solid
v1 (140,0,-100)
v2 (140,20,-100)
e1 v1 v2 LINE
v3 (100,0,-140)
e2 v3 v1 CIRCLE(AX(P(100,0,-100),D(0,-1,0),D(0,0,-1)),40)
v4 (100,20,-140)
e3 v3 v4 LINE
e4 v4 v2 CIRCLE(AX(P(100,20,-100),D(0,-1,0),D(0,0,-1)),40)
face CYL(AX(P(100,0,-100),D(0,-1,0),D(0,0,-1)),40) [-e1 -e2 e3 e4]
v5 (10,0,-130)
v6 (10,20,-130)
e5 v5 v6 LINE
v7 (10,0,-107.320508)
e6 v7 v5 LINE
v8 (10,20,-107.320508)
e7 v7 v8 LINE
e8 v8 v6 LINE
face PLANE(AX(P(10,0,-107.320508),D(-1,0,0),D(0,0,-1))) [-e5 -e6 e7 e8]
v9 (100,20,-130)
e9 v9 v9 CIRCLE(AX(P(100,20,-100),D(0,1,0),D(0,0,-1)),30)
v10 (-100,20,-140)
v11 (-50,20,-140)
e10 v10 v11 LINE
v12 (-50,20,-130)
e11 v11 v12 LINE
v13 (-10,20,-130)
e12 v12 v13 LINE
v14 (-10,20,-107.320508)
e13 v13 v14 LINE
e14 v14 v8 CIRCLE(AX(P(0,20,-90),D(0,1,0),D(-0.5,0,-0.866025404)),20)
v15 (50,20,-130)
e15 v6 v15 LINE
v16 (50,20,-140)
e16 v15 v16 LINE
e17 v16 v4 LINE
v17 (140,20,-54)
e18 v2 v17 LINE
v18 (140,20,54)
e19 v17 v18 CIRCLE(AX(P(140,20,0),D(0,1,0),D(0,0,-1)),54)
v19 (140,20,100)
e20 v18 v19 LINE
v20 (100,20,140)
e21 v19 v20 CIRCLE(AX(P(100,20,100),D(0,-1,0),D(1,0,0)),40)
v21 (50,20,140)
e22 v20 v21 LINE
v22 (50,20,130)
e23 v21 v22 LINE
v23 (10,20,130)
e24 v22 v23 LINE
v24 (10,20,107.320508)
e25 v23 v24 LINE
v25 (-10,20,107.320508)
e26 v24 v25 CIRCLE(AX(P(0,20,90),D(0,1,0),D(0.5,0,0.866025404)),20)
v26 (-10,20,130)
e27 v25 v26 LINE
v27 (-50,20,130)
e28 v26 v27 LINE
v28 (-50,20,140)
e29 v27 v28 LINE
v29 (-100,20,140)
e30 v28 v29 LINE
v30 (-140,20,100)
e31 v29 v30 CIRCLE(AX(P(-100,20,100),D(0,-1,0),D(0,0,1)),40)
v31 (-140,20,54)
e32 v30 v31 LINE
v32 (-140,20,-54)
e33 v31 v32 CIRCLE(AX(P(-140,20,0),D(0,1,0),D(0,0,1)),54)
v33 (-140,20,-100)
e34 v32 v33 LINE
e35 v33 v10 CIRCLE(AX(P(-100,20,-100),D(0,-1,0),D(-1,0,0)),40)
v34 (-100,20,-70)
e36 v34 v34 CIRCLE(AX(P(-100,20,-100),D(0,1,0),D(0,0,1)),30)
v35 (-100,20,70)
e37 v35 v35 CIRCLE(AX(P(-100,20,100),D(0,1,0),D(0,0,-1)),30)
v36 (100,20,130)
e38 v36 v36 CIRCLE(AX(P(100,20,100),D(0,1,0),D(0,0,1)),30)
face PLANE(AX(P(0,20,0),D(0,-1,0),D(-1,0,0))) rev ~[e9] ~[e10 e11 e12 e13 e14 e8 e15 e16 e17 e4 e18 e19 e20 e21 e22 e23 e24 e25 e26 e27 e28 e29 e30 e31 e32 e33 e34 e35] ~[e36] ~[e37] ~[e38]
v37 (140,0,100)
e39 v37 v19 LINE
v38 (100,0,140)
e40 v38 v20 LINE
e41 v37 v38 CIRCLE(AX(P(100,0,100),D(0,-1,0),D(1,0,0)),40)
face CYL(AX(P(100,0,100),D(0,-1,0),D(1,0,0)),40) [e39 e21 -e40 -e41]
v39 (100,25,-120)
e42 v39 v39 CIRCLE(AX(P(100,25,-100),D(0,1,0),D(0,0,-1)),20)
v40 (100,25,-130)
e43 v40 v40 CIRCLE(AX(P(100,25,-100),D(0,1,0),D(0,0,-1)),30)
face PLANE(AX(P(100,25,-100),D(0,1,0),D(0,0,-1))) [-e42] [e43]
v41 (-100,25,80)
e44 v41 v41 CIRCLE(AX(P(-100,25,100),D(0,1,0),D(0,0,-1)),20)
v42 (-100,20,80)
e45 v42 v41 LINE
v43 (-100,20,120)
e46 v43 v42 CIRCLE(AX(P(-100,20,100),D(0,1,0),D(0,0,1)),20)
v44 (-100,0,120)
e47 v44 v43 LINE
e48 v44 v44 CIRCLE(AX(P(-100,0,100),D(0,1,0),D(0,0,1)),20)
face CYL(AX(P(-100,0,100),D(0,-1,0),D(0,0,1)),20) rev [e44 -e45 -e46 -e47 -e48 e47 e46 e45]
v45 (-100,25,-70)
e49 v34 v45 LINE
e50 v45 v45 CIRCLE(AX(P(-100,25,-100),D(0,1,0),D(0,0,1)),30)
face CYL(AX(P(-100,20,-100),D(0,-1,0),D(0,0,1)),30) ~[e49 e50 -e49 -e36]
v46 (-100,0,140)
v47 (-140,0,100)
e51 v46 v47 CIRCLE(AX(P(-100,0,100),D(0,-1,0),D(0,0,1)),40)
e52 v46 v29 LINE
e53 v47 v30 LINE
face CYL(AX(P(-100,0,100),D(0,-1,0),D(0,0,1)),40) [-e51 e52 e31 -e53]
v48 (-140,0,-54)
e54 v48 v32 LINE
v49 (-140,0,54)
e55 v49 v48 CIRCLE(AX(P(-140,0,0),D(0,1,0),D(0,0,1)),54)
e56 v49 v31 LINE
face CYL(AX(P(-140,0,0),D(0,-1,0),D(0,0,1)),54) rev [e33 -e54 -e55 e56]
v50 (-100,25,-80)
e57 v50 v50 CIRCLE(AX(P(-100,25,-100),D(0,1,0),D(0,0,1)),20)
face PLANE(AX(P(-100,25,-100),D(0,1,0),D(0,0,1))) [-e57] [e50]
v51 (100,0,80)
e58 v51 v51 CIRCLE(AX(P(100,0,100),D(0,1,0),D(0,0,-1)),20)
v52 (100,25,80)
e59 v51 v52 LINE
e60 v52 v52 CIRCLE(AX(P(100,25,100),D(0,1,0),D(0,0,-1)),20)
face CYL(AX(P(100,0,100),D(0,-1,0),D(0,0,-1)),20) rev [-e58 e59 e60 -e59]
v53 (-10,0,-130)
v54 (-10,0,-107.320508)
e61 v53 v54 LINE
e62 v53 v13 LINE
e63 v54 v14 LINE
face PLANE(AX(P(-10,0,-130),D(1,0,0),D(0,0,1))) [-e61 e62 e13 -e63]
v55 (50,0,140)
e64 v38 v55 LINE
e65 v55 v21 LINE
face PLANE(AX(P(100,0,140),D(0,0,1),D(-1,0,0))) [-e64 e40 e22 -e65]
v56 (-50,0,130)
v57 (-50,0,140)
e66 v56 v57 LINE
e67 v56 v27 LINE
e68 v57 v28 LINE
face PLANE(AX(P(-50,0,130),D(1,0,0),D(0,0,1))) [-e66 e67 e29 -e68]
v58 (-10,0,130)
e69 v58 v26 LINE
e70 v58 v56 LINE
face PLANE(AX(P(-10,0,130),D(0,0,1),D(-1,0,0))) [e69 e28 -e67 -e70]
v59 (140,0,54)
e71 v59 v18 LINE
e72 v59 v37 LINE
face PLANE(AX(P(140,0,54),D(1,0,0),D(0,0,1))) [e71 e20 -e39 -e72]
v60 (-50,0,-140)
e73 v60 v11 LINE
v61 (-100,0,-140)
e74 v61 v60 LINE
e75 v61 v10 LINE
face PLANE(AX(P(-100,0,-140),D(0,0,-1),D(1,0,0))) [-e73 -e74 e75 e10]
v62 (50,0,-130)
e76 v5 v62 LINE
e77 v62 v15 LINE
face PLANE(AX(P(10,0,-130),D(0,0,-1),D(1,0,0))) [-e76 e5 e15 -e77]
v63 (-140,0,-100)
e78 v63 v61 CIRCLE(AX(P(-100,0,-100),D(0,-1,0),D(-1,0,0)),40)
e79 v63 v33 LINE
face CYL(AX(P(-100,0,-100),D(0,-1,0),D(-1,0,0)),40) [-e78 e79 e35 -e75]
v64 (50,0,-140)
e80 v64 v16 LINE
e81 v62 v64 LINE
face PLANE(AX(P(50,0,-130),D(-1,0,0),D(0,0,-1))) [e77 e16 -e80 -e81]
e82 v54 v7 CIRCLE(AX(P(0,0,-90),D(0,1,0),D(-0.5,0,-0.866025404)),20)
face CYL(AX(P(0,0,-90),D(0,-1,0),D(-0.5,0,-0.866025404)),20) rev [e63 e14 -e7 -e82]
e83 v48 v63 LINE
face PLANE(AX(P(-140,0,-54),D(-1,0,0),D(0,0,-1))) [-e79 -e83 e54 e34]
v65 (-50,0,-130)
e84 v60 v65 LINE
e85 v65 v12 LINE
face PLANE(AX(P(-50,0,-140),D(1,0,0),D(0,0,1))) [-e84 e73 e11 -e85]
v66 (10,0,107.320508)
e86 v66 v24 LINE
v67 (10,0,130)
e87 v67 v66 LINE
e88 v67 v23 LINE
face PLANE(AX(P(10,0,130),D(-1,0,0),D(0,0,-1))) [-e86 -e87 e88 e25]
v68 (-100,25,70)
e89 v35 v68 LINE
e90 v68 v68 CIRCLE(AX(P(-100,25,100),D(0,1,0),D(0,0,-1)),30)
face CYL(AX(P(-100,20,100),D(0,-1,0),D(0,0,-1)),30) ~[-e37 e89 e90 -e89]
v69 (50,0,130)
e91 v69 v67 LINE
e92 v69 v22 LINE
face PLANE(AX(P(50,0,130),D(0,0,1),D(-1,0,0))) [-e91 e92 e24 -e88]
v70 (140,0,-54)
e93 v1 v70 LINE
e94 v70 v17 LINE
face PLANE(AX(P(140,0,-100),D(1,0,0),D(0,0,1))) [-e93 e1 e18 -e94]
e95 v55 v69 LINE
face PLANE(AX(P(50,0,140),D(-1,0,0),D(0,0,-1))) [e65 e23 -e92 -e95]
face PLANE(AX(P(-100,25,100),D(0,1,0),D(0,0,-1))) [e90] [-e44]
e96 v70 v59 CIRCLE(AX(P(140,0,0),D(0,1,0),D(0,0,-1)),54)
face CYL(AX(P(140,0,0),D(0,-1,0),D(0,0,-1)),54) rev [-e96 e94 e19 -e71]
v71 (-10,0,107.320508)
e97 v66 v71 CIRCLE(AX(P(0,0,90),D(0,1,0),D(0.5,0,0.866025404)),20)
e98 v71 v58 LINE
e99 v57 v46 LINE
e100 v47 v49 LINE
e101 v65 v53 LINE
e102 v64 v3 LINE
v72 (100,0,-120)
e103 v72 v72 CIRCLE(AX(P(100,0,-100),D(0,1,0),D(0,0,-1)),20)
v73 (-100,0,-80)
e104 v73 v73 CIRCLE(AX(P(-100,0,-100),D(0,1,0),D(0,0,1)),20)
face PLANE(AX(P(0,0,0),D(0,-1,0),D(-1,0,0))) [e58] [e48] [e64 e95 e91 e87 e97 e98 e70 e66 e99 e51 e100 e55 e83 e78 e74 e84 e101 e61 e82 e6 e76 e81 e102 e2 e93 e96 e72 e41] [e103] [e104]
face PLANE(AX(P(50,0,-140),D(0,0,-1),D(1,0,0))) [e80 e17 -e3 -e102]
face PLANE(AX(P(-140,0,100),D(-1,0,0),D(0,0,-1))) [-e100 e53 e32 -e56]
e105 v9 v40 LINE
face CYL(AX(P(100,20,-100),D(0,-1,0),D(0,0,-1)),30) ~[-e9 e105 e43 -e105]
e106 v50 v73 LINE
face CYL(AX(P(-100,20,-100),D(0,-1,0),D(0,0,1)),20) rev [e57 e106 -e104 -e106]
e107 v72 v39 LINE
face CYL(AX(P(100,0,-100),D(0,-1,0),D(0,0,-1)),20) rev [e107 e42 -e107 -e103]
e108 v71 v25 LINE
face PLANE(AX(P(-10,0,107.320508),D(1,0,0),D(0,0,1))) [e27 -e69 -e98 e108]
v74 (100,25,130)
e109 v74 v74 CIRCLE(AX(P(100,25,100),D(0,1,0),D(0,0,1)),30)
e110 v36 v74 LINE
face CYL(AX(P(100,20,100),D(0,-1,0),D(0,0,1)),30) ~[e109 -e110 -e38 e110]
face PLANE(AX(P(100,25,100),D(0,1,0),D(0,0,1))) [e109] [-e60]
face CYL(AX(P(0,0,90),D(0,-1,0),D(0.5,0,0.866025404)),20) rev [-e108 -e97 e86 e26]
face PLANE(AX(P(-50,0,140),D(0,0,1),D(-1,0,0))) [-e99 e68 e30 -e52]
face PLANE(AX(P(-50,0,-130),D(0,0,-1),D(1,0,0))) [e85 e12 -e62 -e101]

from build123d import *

# Parameters (mm, degrees)
SKETCH1_R           = 20
BOSS_EXTRUDE1_DEPTH = 20
SKETCH2_R           = 30
SKETCH2_R_2         = 20
BOSS_EXTRUDE2_DEPTH = 5


with BuildPart() as part:
    # Sketch1 → Boss-Extrude1 (new body)
    with BuildSketch(Plane(origin=(0, 0, 0), x_dir=(1, 0, 0), z_dir=(0, 1, 0))):
        with BuildLine():
            Line((-100, 140), (-50, 140))
            Line((-50, 140), (-50, 130))
            Line((-50, 130), (-10, 130))
            Line((-10, 130), (-10, 107.320508075))
            ThreePointArc((-10, 107.320508075), (0, 70), (10, 107.320508075))
            Line((10, 107.320508075), (10, 130))
            Line((10, 130), (50, 130))
            Line((50, 130), (50, 140))
            Line((50, 140), (100, 140))
            ThreePointArc((100, 140), (128.284271247, 128.284271247), (140, 100))
            Line((140, 100), (140, 54))
            ThreePointArc((140, 54), (86, 0), (140, -54))
            Line((140, -54), (140, -100))
            ThreePointArc((140, -100), (128.284271247, -128.284271247), (100, -140))
            Line((100, -140), (50, -140))
            Line((50, -140), (50, -130))
            Line((50, -130), (10, -130))
            Line((10, -130), (10, -107.320508076))
            ThreePointArc((10, -107.320508076), (0, -70), (-10, -107.320508076))
            Line((-10, -107.320508076), (-10, -130))
            Line((-10, -130), (-50, -130))
            Line((-50, -130), (-50, -140))
            Line((-50, -140), (-100, -140))
            ThreePointArc((-100, -140), (-128.284271247, -128.284271247), (-140, -100))
            Line((-140, -100), (-140, -54))
            ThreePointArc((-140, -54), (-86, 0), (-140, 54))
            Line((-140, 54), (-140, 100))
            ThreePointArc((-140, 100), (-128.284271247, 128.284271247), (-100, 140))
        make_face()
        with Locations(Location((-100, -100, 0), (0, 0, 270))):
            Circle(SKETCH1_R, mode=Mode.SUBTRACT)
        with Locations(Location((-100, 100, 0), (0, 0, 270))):
            Circle(SKETCH1_R, mode=Mode.SUBTRACT)
        with Locations(Location((100, 100, 0), (0, 0, 90))):
            Circle(SKETCH1_R, mode=Mode.SUBTRACT)
        with Locations(Location((100, -100, 0), (0, 0, 90))):
            Circle(SKETCH1_R, mode=Mode.SUBTRACT)
    extrude(amount=BOSS_EXTRUDE1_DEPTH)

    # Sketch2 → Boss-Extrude2 (add)
    # profile 1 of 4: a face of its own
    with BuildSketch(Plane(origin=(0, 20, 0), x_dir=(1, 0, 0), z_dir=(0, 1, 0))):
        with Locations(Location((-100, 100, 0), (0, 0, 270))):
            Circle(SKETCH2_R)
        with Locations(Location((-100, 100, 0), (0, 0, 270))):
            Circle(SKETCH2_R_2, mode=Mode.SUBTRACT)
    # profile 2 of 4: a face of its own
    with BuildSketch(Plane(origin=(0, 20, 0), x_dir=(1, 0, 0), z_dir=(0, 1, 0))):
        with Locations(Location((100, 100, 0), (0, 0, 90))):
            Circle(SKETCH2_R)
        with Locations(Location((100, 100, 0), (0, 0, 90))):
            Circle(SKETCH2_R_2, mode=Mode.SUBTRACT)
    # profile 3 of 4: a face of its own
    with BuildSketch(Plane(origin=(0, 20, 0), x_dir=(1, 0, 0), z_dir=(0, 1, 0))):
        with Locations(Location((100, -100, 0), (0, 0, 270))):
            Circle(SKETCH2_R)
        with Locations(Location((100, -100, 0), (0, 0, 90))):
            Circle(SKETCH2_R_2, mode=Mode.SUBTRACT)
    # profile 4 of 4: a face of its own
    with BuildSketch(Plane(origin=(0, 20, 0), x_dir=(1, 0, 0), z_dir=(0, 1, 0))):
        with Locations(Location((-100, -100, 0), (0, 0, 90))):
            Circle(SKETCH2_R)
        with Locations(Location((-100, -100, 0), (0, 0, 90))):
            Circle(SKETCH2_R_2, mode=Mode.SUBTRACT)
    extrude(amount=BOSS_EXTRUDE2_DEPTH)


solid = part.part
